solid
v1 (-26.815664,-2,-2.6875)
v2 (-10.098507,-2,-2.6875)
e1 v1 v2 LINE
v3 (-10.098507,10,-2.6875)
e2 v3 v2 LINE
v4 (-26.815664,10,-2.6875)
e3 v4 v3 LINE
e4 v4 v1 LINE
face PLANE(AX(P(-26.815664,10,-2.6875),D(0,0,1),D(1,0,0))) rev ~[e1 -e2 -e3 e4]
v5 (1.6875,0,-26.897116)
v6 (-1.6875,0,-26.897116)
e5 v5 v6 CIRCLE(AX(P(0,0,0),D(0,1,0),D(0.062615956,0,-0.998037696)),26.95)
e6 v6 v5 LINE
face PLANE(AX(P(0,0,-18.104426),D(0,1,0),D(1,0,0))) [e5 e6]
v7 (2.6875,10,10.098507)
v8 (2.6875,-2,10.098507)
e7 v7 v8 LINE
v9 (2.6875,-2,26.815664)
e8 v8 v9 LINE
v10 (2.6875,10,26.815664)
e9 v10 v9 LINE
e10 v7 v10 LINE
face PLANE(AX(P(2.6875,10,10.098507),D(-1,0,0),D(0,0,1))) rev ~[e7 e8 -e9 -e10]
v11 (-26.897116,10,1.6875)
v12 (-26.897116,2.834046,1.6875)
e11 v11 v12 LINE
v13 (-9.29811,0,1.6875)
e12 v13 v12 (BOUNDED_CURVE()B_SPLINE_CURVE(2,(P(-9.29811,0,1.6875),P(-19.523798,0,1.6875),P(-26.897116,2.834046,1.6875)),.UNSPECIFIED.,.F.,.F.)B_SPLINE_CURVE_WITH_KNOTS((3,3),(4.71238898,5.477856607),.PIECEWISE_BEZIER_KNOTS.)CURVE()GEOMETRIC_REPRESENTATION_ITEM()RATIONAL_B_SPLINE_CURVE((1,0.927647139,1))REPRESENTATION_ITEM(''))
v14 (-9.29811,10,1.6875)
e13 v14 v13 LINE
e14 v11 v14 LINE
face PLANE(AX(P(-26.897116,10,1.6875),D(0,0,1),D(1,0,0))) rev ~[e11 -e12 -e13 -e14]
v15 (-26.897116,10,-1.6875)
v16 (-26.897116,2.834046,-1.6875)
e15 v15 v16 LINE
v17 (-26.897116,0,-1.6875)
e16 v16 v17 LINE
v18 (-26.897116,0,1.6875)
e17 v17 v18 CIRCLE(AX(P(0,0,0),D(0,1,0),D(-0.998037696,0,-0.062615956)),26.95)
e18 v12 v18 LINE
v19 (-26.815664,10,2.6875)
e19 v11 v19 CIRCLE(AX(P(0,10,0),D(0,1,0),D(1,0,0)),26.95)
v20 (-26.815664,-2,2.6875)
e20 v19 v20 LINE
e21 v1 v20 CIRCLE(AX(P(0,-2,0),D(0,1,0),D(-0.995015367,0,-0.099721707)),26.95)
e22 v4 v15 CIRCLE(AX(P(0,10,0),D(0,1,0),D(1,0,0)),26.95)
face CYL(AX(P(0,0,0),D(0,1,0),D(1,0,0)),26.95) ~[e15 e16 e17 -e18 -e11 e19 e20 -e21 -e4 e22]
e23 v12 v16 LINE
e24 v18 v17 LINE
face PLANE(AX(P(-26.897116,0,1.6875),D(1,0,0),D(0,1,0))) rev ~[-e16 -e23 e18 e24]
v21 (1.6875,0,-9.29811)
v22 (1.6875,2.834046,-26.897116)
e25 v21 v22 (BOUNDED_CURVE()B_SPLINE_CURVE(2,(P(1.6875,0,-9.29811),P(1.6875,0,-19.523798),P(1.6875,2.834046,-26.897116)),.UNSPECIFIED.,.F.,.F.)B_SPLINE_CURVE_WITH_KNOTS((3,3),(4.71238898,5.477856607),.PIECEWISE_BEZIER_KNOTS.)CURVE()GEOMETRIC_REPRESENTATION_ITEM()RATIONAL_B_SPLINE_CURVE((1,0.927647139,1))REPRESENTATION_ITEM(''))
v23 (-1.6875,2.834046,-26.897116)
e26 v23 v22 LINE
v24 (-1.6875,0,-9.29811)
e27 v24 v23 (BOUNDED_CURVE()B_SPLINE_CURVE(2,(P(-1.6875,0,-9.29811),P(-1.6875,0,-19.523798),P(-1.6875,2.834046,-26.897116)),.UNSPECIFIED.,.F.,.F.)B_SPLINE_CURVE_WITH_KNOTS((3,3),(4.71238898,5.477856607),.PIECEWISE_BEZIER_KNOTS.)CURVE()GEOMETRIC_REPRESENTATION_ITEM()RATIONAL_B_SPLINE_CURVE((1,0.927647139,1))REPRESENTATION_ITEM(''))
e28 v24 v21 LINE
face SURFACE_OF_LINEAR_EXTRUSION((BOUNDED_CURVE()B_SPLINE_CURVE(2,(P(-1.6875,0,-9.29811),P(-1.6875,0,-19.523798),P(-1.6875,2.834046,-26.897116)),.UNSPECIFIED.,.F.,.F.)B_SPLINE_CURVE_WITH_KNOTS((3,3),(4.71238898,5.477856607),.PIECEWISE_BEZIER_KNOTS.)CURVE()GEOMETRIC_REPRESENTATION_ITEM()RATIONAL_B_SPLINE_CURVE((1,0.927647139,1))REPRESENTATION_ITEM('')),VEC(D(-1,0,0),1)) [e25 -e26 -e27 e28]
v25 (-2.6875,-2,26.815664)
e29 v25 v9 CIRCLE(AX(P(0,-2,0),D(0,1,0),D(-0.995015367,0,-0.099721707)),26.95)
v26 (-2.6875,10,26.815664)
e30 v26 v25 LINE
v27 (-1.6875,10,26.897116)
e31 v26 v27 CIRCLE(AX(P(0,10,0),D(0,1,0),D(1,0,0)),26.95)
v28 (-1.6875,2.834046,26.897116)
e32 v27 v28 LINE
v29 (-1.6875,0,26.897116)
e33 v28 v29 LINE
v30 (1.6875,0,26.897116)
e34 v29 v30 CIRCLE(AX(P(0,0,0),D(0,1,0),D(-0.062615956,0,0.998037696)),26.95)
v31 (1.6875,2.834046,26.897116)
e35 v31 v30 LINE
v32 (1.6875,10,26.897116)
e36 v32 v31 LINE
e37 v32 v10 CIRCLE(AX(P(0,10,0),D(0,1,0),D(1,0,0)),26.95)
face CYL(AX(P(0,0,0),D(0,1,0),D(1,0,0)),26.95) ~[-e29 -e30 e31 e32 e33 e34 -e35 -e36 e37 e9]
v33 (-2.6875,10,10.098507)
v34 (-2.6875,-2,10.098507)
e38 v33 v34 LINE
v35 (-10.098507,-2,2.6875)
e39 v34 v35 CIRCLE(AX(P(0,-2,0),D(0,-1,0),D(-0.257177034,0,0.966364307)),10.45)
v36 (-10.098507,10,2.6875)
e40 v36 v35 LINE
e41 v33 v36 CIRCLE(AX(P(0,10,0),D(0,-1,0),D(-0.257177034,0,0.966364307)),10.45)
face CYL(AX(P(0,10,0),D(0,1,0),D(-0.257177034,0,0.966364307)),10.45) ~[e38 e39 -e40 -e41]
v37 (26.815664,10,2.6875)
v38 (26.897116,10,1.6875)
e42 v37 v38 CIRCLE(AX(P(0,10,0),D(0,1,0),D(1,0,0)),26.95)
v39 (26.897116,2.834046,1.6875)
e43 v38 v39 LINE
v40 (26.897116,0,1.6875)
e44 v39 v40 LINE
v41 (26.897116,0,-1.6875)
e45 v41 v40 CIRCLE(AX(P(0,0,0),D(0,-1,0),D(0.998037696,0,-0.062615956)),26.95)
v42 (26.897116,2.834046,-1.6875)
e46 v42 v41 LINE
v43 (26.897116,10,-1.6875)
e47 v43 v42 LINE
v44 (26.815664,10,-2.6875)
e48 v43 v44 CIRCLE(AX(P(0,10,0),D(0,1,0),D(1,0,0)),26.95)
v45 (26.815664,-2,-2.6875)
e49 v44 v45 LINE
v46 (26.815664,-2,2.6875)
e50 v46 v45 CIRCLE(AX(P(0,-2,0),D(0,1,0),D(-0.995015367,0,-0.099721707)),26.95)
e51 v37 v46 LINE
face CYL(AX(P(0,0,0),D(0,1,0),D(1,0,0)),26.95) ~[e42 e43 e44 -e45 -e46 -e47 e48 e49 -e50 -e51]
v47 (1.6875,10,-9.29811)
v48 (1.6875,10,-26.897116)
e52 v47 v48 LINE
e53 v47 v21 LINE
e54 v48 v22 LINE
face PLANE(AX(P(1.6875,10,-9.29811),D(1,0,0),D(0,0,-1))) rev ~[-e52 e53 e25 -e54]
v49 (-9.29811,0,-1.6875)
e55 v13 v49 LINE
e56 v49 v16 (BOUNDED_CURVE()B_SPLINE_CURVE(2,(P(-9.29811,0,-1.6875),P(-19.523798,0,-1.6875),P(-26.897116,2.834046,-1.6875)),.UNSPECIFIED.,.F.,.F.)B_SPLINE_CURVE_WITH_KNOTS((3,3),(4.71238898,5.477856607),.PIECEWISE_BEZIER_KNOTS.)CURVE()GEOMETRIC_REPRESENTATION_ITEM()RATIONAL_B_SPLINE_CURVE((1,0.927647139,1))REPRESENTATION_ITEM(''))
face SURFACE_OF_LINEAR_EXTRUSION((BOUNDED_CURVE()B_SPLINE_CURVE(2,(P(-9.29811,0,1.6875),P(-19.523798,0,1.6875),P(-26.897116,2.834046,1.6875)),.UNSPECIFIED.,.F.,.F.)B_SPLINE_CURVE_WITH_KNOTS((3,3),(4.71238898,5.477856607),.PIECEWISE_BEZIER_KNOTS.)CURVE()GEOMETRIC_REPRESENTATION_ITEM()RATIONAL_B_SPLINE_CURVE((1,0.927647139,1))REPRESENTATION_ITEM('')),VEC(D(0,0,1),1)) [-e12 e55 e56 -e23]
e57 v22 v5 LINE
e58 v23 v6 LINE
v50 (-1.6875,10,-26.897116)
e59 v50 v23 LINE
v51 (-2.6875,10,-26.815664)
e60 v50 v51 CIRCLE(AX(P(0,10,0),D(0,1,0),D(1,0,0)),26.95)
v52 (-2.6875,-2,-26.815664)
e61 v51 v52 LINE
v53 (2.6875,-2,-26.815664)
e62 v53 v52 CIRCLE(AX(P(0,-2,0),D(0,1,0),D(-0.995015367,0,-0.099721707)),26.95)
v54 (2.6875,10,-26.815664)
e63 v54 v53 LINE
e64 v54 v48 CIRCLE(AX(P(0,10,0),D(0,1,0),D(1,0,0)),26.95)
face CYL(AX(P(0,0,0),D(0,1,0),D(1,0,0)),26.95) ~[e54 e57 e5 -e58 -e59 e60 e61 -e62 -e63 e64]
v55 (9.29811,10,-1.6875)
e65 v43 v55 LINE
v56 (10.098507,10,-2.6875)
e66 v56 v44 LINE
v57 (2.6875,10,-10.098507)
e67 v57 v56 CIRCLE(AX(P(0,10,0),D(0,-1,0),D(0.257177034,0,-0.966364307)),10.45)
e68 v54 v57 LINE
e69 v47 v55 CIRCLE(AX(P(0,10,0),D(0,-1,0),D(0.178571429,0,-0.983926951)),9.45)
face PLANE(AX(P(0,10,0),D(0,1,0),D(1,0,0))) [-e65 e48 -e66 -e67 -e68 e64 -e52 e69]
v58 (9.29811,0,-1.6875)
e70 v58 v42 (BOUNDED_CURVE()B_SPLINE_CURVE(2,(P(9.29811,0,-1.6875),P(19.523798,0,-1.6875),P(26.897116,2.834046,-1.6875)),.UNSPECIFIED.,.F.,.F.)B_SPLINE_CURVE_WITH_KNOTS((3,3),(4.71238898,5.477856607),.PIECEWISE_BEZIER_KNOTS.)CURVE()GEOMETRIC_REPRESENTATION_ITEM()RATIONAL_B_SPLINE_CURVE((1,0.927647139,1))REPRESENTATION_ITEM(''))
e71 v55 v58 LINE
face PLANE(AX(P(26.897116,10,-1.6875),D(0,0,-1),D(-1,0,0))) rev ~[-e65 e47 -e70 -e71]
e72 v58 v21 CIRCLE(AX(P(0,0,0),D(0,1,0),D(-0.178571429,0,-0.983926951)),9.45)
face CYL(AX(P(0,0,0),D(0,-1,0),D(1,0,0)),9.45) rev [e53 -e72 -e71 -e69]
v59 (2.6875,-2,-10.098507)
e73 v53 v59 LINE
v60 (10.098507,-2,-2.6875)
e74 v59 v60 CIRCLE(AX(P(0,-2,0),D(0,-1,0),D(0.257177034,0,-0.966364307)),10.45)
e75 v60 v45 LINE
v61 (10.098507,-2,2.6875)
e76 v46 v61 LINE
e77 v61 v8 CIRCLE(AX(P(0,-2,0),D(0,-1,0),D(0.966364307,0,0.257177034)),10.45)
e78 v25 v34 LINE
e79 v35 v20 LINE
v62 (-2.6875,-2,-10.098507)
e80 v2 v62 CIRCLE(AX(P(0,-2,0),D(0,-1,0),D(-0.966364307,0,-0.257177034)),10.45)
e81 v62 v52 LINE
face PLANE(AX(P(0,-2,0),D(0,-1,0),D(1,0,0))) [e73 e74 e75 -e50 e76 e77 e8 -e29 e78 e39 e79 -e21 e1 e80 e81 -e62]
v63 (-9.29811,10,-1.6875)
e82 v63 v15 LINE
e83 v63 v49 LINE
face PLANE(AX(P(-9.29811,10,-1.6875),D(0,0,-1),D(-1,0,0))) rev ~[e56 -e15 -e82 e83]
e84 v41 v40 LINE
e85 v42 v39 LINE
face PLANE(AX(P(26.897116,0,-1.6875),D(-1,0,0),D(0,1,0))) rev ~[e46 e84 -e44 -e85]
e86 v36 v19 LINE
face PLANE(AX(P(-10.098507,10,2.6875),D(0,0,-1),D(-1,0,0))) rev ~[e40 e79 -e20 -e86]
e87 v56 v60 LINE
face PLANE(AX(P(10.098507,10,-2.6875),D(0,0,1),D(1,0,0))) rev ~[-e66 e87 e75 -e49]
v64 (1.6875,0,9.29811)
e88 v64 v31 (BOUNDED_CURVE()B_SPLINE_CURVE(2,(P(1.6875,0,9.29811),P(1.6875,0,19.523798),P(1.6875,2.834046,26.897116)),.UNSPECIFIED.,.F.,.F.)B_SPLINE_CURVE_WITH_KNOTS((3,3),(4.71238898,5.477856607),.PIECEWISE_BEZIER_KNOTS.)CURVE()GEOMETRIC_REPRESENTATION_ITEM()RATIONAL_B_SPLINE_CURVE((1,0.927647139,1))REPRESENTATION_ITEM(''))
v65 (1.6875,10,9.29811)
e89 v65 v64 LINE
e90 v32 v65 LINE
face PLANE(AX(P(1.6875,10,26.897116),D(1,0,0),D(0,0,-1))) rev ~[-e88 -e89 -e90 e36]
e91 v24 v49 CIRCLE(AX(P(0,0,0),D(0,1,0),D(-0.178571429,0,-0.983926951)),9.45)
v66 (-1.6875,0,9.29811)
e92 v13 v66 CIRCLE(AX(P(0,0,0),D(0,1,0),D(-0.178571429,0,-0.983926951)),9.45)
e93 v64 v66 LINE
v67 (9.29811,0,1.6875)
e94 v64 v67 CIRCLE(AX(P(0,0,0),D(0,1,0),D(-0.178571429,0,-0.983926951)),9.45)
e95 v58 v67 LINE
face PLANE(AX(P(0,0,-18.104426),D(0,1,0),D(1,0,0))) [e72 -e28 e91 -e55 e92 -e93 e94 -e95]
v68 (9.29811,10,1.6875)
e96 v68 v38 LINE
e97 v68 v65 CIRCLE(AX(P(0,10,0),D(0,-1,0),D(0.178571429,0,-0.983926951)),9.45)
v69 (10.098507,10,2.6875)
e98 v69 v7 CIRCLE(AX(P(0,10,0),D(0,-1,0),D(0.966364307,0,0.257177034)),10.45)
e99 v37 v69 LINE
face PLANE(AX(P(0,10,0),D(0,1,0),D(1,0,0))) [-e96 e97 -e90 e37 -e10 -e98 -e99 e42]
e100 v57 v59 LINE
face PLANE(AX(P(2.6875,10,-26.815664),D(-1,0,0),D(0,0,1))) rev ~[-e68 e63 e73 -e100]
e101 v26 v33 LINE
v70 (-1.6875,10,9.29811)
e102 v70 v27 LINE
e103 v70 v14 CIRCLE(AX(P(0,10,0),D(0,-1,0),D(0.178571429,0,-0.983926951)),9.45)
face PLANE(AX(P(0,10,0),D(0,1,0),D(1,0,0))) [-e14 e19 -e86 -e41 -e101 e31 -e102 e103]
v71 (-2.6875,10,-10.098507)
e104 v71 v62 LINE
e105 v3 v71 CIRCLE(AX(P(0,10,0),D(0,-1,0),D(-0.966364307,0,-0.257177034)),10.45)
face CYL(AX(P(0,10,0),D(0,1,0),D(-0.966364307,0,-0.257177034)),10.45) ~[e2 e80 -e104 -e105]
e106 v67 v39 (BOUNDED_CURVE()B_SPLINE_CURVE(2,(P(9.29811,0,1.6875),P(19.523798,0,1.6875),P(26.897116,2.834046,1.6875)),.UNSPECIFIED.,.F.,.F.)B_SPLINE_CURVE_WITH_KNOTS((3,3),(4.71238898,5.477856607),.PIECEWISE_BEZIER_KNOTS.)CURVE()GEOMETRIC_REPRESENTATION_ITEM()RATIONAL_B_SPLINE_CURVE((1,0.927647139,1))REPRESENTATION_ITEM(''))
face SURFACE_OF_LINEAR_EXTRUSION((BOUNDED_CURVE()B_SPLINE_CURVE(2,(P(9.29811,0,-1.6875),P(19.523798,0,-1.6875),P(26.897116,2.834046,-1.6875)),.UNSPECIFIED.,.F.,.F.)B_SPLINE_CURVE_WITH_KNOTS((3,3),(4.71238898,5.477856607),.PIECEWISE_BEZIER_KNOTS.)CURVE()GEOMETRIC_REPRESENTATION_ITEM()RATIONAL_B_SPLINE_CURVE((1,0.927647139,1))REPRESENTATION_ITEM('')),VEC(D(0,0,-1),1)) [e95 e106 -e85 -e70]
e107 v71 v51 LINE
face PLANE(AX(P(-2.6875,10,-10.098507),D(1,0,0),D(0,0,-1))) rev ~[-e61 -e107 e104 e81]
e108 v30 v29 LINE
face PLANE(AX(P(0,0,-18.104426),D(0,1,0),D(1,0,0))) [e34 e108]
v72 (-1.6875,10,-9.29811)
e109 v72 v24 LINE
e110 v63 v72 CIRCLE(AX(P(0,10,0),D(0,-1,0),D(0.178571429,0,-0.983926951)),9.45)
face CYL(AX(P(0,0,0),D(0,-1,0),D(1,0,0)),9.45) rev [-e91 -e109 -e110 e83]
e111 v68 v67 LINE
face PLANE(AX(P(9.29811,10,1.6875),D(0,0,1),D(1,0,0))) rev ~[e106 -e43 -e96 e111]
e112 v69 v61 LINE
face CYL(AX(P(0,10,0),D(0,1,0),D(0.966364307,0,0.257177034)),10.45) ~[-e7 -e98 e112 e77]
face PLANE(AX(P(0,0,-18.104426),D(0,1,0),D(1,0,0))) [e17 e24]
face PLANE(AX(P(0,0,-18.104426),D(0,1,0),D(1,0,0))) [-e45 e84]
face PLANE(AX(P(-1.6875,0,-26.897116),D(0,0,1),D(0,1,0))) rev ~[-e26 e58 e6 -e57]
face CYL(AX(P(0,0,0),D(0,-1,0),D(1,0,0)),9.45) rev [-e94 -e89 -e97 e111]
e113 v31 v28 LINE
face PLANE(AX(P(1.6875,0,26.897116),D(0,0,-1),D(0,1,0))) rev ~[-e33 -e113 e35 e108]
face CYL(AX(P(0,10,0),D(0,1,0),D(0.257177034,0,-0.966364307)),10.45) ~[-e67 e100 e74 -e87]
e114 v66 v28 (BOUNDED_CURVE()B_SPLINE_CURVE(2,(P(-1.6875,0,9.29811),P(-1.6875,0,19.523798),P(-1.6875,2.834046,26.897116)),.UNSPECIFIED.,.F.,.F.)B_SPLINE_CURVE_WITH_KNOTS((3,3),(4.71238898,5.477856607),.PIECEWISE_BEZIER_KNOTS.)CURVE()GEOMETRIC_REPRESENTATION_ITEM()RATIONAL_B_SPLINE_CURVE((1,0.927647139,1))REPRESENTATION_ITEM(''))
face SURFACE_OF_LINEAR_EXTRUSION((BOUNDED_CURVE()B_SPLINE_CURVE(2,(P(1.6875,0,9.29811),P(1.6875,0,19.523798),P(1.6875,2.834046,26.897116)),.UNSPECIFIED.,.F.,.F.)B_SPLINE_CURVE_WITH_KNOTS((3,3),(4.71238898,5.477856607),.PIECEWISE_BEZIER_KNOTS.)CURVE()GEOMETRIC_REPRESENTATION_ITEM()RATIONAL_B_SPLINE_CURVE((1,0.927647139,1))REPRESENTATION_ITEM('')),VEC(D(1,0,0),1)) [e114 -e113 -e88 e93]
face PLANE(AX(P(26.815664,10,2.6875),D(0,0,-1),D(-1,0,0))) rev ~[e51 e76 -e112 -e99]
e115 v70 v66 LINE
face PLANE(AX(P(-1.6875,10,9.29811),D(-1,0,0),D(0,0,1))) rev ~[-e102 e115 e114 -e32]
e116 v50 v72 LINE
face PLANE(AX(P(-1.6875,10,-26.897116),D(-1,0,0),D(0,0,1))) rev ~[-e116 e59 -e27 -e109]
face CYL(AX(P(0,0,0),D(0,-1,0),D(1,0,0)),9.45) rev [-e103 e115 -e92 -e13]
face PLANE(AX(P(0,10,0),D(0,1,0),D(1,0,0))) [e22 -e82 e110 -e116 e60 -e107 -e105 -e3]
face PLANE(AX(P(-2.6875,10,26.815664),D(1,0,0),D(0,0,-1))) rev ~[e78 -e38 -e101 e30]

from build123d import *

# Parameters (mm, degrees)
SKETCH2_R           = 26.95
SKETCH2_R_2         = 9.45
BOSS_EXTRUDE2_DEPTH = 10
SKETCH3_R           = 26.95
BOSS_EXTRUDE3_DEPTH = 2
CUT_EXTRUDE1_DEPTH  = 10
BOSS_EXTRUDE4_DEPTH = 3.375
CIRPATTERN1_COUNT   = 4
CUT_EXTRUDE2_DEPTH  = 12
CIRPATTERN2_COUNT   = 4


with BuildPart() as part:
    # Sketch2 → Boss-Extrude2 (new body)
    with BuildSketch(Plane(origin=(0, 0, 0), x_dir=(1, 0, 0), z_dir=(0, 1, 0))):
        Circle(SKETCH2_R)
        Circle(SKETCH2_R_2, mode=Mode.SUBTRACT)
    extrude(amount=BOSS_EXTRUDE2_DEPTH)

    # Sketch3 → Boss-Extrude3 (add)
    with BuildSketch(Plane.XZ):
        Circle(SKETCH3_R)
    extrude(amount=BOSS_EXTRUDE3_DEPTH)

    # Sketch4 → Cut-Extrude1 (cut)
    with BuildSketch(Plane(origin=(0, 10, 0), x_dir=(1, 0, 0), z_dir=(0, 1, 0))):
        with BuildLine():
            Line((-1.6875, 26.8971159), (-1.6875, 9.298109687))
            ThreePointArc((-1.6875, 9.298109687), (0, 9.45), (1.6875, 9.298109687))
            Line((1.6875, 9.298109687), (1.6875, 26.8971159))
            ThreePointArc((1.6875, 26.8971159), (0, 26.95), (-1.6875, 26.8971159))
        make_face()
    cut_extrude1 = extrude(amount=-CUT_EXTRUDE1_DEPTH, mode=Mode.SUBTRACT)

    # Sketch7 → Boss-Extrude4 (add)
    with BuildSketch(Plane(origin=(-1.6875, 0, 0), x_dir=(0, 0, -1), z_dir=(1, 0, 0))):
        with BuildLine():
            Line((26.8971159, 0), (26.8971159, 2.834046352))
            add(Edge.make_bspline(
                [(9.298109687, 0), (19.523797501, 0), (26.8971159, 2.834046352)],
                knots=[4.71238898, 4.71238898, 4.71238898, 5.477856607, 5.477856607, 5.477856607], degree=2, weights=[1, 0.927647139, 1]))
            Line((9.298109687, 0), (26.8971159, 0))
        make_face()
    boss_extrude4 = extrude(amount=BOSS_EXTRUDE4_DEPTH)

    # CirPattern1: Cut-Extrude1, Boss-Extrude4 ×4 about axis
    cirpattern1_axis = Axis((0, 10, 0), (0, -1, 0))
    for i in range(1, CIRPATTERN1_COUNT):
        add(cut_extrude1.rotate(cirpattern1_axis, i * 360 / CIRPATTERN1_COUNT), mode=Mode.SUBTRACT)
        add(boss_extrude4.rotate(cirpattern1_axis, i * 360 / CIRPATTERN1_COUNT))

    # Sketch6 → Cut-Extrude2 (cut)
    with BuildSketch(Plane(origin=(0, 10, 0), x_dir=(1, 0, 0), z_dir=(0, 1, 0))):
        with BuildLine():
            Line((-26.815664149, 2.6875), (-10.098507006, 2.6875))
            ThreePointArc((-10.098507006, 2.6875), (-7.389265863, 7.389265863), (-2.6875, 10.098507006))
            Line((-2.6875, 10.098507006), (-2.6875, 26.815664149))
            ThreePointArc((-2.6875, 26.815664149), (-19.056527753, 19.056527753), (-26.815664149, 2.6875))
        make_face()
    cut_extrude2 = extrude(amount=-CUT_EXTRUDE2_DEPTH, mode=Mode.SUBTRACT)

    # CirPattern2: Cut-Extrude2 ×4 about axis
    cirpattern2_axis = Axis((0, 0, 0), (0, 1, 0))
    for i in range(1, CIRPATTERN2_COUNT):
        add(cut_extrude2.rotate(cirpattern2_axis, i * 360 / CIRPATTERN2_COUNT), mode=Mode.SUBTRACT)


solid = part.part
